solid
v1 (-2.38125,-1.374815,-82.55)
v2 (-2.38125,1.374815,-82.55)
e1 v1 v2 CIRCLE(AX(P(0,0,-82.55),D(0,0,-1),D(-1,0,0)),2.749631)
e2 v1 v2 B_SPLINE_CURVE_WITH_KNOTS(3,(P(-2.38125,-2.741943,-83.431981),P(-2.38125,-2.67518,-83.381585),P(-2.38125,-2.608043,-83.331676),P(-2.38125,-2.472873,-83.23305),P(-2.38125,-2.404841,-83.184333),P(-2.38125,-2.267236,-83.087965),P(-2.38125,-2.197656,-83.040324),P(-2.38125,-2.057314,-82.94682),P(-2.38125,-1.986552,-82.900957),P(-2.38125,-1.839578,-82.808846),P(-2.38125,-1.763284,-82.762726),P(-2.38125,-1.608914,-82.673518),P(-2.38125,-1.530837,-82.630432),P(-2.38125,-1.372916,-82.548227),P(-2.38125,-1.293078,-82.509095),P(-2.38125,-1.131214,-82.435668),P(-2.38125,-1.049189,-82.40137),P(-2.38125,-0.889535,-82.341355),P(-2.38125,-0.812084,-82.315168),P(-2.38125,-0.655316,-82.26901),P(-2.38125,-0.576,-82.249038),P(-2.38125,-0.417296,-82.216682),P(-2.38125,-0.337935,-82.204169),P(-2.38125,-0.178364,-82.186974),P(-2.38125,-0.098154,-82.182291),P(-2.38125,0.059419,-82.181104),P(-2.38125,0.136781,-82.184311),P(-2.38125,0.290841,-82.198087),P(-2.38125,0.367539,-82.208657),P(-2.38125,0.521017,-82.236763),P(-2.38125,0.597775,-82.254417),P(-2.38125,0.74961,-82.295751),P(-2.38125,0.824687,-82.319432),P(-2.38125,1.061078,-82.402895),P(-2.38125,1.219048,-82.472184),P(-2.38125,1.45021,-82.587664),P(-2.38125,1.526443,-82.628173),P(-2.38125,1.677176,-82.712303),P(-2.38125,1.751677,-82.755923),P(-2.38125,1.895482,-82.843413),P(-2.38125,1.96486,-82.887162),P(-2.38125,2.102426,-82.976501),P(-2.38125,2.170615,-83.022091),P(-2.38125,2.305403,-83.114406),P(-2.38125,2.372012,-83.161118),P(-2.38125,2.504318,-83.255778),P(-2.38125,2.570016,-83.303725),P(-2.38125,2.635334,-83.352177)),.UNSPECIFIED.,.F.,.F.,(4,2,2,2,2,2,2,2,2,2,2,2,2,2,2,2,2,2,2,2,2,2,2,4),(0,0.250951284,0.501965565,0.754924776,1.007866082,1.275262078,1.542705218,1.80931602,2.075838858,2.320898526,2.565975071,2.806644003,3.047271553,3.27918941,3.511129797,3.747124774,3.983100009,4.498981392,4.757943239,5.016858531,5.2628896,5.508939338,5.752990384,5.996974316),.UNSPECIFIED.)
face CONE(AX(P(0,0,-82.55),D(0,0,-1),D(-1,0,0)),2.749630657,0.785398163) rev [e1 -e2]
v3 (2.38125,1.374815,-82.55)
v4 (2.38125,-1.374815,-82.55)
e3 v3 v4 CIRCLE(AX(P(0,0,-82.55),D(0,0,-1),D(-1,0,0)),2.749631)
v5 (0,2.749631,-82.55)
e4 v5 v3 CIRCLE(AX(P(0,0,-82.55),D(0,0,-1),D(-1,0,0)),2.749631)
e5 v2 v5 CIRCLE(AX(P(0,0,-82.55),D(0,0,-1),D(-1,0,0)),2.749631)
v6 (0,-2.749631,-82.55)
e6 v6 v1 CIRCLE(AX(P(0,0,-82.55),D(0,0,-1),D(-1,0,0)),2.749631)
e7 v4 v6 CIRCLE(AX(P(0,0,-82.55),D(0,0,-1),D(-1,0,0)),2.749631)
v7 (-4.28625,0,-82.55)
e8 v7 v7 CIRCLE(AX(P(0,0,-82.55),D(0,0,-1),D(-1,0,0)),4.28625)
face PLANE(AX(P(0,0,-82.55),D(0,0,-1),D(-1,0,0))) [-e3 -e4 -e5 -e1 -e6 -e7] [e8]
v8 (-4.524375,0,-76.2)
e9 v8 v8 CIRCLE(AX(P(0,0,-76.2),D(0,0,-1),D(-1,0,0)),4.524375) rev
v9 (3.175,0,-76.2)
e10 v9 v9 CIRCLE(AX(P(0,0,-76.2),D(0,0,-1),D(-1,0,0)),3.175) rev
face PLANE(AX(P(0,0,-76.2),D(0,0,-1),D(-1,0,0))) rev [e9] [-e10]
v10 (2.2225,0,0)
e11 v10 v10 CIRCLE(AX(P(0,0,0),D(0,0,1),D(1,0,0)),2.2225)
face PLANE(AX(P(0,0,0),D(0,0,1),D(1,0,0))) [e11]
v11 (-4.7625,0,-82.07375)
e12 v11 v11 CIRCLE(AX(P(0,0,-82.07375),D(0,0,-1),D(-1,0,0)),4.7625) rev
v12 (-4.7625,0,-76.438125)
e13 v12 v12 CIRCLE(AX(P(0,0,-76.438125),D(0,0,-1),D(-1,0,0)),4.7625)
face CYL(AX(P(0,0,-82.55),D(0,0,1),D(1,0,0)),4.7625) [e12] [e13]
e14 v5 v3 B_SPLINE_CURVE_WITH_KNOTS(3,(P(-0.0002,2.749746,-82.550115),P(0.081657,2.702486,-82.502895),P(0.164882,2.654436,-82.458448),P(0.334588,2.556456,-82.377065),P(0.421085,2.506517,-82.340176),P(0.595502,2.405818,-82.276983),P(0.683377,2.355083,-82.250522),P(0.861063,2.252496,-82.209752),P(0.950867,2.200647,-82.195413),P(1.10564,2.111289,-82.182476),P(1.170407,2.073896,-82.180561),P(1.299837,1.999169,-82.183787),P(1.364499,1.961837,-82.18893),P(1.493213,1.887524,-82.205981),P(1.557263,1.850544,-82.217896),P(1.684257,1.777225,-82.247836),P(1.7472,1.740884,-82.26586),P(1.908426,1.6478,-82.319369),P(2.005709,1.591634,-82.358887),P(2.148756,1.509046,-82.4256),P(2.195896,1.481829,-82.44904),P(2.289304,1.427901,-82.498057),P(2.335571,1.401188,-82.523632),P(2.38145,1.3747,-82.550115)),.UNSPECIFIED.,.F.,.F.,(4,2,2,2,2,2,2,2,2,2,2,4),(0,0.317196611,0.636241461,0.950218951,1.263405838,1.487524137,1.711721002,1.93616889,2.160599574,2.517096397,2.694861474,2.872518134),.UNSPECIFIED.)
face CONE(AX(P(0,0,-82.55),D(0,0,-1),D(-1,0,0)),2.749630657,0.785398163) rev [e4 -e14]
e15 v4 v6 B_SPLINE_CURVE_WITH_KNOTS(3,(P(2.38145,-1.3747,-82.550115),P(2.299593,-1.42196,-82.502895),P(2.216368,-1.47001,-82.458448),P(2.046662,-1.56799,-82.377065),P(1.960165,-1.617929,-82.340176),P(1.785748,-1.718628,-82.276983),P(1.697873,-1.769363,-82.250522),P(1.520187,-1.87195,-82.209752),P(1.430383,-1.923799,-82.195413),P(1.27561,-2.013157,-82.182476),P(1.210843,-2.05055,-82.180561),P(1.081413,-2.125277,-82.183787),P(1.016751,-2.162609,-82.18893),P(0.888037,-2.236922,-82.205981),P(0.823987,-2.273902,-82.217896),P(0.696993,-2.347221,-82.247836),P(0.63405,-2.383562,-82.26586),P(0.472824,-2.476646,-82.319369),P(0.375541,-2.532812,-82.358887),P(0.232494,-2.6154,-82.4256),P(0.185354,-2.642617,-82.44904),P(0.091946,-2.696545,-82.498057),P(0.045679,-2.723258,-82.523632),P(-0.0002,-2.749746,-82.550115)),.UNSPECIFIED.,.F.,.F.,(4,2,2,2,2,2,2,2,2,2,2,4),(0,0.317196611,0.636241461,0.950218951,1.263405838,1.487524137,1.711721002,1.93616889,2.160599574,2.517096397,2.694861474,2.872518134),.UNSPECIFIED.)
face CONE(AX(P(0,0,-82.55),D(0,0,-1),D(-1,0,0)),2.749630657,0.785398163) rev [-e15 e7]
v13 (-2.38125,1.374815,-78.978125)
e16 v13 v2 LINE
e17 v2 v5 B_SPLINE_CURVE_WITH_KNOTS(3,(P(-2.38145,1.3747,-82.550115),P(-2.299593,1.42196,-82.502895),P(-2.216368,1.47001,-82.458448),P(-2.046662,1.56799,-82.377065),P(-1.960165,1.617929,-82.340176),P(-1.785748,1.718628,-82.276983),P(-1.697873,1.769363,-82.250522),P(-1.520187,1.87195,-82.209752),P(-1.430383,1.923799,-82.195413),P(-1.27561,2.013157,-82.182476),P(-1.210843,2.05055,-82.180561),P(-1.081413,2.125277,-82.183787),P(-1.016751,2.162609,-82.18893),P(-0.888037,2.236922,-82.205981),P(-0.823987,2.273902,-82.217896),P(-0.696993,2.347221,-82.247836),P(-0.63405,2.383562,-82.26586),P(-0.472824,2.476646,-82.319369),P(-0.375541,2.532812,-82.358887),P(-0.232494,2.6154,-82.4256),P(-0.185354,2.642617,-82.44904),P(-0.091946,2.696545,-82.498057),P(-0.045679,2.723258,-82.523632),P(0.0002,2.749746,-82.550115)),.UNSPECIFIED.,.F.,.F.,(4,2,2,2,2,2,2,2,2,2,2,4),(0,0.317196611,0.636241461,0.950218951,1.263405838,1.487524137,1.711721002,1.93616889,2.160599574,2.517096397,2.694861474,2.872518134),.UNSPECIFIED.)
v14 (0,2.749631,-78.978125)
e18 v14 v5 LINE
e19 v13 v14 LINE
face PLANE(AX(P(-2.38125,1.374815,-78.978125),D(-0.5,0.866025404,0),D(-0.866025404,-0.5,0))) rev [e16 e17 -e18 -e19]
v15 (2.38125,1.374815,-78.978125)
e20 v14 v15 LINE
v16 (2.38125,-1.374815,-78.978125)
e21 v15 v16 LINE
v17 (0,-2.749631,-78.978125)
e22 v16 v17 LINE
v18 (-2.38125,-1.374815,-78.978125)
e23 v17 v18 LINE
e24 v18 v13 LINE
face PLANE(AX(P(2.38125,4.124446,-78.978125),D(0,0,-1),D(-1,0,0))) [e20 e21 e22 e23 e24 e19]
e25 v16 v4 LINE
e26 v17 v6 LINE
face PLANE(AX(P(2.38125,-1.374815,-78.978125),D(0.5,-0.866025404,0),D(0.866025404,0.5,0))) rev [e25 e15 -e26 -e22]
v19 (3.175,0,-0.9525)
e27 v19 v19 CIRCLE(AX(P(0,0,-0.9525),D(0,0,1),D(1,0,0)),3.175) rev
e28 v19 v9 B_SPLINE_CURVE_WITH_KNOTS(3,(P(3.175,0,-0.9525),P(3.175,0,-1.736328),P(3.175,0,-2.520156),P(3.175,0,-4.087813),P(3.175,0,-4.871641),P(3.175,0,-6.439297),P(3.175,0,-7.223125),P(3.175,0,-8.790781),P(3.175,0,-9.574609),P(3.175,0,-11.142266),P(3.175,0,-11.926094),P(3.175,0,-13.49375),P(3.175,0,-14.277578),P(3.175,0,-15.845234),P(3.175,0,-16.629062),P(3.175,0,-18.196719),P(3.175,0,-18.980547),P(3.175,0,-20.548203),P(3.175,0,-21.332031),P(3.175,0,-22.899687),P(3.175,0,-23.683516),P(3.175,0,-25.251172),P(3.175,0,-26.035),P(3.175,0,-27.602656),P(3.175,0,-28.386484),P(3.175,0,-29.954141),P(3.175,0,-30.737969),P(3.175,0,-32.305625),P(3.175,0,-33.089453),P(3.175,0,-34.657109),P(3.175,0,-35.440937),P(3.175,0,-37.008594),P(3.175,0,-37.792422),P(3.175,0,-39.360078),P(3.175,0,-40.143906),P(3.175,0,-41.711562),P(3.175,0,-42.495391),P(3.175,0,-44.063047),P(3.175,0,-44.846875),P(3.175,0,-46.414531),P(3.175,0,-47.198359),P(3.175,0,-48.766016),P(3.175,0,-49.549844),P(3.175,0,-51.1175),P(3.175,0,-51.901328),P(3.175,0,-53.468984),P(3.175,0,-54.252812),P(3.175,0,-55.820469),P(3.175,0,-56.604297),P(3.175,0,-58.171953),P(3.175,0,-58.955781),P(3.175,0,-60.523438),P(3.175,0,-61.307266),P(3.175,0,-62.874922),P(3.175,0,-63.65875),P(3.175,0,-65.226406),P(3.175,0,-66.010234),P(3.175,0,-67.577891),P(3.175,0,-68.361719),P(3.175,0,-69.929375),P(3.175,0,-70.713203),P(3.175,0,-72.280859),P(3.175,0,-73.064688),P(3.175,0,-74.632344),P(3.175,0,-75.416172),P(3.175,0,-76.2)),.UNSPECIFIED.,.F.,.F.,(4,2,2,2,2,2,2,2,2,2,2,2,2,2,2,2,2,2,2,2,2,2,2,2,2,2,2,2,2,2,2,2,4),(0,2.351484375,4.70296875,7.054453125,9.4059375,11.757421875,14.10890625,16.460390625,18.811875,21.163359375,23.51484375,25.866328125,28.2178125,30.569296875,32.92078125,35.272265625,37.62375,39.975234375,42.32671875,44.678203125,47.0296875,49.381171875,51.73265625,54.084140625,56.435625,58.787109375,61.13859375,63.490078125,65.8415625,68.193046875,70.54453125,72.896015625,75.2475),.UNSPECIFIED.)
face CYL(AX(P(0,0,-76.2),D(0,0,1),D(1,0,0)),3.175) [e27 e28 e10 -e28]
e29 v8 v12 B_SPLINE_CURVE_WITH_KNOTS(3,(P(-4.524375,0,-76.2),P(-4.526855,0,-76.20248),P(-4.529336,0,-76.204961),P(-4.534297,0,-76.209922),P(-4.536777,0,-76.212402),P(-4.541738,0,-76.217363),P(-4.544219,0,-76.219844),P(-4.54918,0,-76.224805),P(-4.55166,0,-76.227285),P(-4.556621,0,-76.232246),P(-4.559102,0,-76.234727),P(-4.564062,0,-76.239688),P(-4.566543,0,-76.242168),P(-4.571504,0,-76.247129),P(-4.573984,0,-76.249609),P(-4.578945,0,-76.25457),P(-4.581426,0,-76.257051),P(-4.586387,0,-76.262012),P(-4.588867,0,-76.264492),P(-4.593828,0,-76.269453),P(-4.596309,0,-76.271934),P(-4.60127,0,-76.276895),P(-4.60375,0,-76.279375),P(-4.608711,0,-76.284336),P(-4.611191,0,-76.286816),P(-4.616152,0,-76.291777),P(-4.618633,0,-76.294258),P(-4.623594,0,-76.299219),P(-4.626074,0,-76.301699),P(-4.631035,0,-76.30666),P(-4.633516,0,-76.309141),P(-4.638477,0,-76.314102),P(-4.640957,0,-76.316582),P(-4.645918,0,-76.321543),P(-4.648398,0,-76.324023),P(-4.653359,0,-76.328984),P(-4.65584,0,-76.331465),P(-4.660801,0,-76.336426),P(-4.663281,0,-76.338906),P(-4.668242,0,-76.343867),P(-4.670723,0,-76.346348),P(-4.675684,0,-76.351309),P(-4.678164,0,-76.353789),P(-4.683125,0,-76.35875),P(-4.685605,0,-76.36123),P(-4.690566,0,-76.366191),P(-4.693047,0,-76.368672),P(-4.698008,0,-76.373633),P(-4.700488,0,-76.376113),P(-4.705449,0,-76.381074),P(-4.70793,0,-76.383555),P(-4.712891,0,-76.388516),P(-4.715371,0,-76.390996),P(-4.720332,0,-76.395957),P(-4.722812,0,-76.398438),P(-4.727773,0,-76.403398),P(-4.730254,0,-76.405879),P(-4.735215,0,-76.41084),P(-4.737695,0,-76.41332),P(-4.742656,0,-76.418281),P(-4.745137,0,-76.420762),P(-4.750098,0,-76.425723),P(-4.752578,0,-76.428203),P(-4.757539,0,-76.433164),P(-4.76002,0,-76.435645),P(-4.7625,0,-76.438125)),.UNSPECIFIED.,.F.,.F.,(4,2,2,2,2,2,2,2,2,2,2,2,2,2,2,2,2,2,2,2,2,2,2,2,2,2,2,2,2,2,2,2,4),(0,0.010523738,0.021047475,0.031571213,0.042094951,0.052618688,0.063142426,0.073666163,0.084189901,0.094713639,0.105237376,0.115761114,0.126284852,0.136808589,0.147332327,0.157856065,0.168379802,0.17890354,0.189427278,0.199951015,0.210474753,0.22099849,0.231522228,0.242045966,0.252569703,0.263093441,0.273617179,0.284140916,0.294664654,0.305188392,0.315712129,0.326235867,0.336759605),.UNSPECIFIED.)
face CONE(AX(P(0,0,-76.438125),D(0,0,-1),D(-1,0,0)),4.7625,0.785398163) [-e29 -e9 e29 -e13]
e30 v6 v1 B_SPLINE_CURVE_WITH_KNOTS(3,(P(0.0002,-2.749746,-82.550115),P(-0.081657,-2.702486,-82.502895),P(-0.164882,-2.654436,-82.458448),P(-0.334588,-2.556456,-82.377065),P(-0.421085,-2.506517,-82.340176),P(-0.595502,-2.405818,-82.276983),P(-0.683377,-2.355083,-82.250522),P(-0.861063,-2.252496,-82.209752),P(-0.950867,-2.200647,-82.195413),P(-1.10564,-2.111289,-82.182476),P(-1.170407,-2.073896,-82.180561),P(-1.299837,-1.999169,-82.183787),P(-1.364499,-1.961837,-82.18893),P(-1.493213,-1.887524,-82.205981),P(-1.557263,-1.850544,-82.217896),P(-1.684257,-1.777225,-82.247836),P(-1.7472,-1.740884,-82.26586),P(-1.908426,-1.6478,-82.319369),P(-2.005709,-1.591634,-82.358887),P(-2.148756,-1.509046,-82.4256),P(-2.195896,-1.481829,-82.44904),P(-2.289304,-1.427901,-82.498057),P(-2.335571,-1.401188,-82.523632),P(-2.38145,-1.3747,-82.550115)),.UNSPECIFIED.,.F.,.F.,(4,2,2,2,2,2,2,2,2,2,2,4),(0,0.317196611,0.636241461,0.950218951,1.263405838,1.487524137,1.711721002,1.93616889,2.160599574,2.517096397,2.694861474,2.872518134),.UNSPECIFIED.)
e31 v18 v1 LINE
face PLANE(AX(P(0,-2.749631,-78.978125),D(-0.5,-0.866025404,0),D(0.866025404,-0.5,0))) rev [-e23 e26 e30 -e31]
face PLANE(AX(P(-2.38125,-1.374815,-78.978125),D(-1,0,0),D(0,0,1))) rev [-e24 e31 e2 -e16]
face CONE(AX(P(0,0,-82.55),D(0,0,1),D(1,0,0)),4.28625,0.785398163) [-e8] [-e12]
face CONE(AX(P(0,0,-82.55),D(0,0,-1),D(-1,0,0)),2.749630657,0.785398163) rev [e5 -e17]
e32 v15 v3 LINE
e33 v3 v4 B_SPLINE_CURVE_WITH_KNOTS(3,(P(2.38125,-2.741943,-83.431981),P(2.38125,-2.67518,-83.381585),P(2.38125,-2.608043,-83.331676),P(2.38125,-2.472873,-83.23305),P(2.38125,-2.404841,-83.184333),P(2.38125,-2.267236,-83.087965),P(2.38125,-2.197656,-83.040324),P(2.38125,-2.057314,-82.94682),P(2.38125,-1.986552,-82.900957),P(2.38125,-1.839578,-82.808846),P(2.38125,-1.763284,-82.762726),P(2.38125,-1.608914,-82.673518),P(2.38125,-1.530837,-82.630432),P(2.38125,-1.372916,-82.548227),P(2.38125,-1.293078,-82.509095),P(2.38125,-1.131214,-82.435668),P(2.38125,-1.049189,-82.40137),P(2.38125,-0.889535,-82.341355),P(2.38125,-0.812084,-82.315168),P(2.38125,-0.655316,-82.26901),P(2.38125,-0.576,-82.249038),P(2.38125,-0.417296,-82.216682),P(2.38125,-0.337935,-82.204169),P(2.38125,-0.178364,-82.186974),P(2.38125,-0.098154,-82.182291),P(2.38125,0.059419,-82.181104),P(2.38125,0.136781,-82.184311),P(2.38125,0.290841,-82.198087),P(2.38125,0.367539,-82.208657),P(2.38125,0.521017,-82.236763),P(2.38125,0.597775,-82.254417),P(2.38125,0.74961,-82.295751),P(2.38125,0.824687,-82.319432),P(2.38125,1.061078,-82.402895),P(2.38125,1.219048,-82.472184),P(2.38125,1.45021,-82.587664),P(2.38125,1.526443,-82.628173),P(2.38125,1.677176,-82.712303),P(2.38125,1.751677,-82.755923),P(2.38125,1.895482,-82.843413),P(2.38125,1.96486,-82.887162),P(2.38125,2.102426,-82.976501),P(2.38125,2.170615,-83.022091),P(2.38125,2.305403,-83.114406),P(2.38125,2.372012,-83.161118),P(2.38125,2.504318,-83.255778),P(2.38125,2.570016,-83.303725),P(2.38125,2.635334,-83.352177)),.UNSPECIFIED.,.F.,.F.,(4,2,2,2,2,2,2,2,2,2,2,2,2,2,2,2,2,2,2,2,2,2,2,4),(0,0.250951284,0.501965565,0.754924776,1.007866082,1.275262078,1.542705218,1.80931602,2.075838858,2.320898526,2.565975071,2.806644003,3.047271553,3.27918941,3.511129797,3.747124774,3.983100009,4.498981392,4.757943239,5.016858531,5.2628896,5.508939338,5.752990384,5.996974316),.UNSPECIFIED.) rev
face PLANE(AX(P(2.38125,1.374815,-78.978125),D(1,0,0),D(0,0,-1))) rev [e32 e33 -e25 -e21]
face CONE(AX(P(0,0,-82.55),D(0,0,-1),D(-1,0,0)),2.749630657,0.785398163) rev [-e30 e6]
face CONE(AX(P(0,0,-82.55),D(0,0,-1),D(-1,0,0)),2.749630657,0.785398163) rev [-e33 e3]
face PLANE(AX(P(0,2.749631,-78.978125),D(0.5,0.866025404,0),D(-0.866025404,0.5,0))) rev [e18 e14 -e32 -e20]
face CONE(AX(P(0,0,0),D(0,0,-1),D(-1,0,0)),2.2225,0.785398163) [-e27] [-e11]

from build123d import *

# Parameters (mm, degrees)
SKETCH1_R          = 3.175
EXTRUDE1_DEPTH     = 76.2
CHAMFER3_SIZE      = 0.9525
SKETCH6_R          = 4.7625
EXTRUDE2_DEPTH     = 6.35
CUT_EXTRUDE1_DEPTH = 3.571875
CHAMFER1_SIZE      = 0.47625
CHAMFER2_SIZE      = 0.238125


with BuildPart() as part:
    # Sketch1 → Extrude1 (new body)
    with BuildSketch(Plane.XY):
        Circle(SKETCH1_R)
    extrude(amount=-EXTRUDE1_DEPTH)

    # Chamfer3
    chamfer3_edges = [part.edges().sort_by_distance(p)[0] for p in [
        (-3.175, 0, 0),
    ]]
    chamfer(chamfer3_edges, length=CHAMFER3_SIZE)

    # Sketch6 → Extrude2 (add)
    with BuildSketch(Plane(origin=(0, 0, -76.2), x_dir=(-1, 0, 0), z_dir=(0, 0, -1))):
        Circle(SKETCH6_R)
    extrude(amount=EXTRUDE2_DEPTH)

    # Sketch7 → Cut-Extrude1 (cut)
    with BuildSketch(Plane(origin=(0, 0, -82.55), x_dir=(-1, 0, 0), z_dir=(0, 0, -1))):
        Polygon((0, 2.749630657), (-2.38125, 1.374815329), (-2.38125, -1.374815329), (0, -2.749630657), (2.38125, -1.374815329), (2.38125, 1.374815329), align=None)
    extrude(amount=-CUT_EXTRUDE1_DEPTH, mode=Mode.SUBTRACT)

    # Cut-Extrude2 cone 1 section (through the dimple's axis) → Cut-Extrude2 (revolve, cut)
    with BuildSketch(Plane(origin=(0, 0, -82.55), x_dir=(0, 1, 0), z_dir=(1, 0, 0))):
        Polygon((0, 0), (2.749630657, 0), (0, 2.749630657), align=None)
    revolve(axis=Axis((0, 0, -82.55), (0, 0, 1)), mode=Mode.SUBTRACT)

    # Chamfer1
    chamfer1_edges = [part.edges().sort_by_distance(p)[0] for p in [
        (4.7625, 0, -82.55),
    ]]
    chamfer(chamfer1_edges, length=CHAMFER1_SIZE)

    # Chamfer2
    chamfer2_edges = [part.edges().sort_by_distance(p)[0] for p in [
        (4.7625, 0, -76.2),
    ]]
    chamfer(chamfer2_edges, length=CHAMFER2_SIZE)


solid = part.part
